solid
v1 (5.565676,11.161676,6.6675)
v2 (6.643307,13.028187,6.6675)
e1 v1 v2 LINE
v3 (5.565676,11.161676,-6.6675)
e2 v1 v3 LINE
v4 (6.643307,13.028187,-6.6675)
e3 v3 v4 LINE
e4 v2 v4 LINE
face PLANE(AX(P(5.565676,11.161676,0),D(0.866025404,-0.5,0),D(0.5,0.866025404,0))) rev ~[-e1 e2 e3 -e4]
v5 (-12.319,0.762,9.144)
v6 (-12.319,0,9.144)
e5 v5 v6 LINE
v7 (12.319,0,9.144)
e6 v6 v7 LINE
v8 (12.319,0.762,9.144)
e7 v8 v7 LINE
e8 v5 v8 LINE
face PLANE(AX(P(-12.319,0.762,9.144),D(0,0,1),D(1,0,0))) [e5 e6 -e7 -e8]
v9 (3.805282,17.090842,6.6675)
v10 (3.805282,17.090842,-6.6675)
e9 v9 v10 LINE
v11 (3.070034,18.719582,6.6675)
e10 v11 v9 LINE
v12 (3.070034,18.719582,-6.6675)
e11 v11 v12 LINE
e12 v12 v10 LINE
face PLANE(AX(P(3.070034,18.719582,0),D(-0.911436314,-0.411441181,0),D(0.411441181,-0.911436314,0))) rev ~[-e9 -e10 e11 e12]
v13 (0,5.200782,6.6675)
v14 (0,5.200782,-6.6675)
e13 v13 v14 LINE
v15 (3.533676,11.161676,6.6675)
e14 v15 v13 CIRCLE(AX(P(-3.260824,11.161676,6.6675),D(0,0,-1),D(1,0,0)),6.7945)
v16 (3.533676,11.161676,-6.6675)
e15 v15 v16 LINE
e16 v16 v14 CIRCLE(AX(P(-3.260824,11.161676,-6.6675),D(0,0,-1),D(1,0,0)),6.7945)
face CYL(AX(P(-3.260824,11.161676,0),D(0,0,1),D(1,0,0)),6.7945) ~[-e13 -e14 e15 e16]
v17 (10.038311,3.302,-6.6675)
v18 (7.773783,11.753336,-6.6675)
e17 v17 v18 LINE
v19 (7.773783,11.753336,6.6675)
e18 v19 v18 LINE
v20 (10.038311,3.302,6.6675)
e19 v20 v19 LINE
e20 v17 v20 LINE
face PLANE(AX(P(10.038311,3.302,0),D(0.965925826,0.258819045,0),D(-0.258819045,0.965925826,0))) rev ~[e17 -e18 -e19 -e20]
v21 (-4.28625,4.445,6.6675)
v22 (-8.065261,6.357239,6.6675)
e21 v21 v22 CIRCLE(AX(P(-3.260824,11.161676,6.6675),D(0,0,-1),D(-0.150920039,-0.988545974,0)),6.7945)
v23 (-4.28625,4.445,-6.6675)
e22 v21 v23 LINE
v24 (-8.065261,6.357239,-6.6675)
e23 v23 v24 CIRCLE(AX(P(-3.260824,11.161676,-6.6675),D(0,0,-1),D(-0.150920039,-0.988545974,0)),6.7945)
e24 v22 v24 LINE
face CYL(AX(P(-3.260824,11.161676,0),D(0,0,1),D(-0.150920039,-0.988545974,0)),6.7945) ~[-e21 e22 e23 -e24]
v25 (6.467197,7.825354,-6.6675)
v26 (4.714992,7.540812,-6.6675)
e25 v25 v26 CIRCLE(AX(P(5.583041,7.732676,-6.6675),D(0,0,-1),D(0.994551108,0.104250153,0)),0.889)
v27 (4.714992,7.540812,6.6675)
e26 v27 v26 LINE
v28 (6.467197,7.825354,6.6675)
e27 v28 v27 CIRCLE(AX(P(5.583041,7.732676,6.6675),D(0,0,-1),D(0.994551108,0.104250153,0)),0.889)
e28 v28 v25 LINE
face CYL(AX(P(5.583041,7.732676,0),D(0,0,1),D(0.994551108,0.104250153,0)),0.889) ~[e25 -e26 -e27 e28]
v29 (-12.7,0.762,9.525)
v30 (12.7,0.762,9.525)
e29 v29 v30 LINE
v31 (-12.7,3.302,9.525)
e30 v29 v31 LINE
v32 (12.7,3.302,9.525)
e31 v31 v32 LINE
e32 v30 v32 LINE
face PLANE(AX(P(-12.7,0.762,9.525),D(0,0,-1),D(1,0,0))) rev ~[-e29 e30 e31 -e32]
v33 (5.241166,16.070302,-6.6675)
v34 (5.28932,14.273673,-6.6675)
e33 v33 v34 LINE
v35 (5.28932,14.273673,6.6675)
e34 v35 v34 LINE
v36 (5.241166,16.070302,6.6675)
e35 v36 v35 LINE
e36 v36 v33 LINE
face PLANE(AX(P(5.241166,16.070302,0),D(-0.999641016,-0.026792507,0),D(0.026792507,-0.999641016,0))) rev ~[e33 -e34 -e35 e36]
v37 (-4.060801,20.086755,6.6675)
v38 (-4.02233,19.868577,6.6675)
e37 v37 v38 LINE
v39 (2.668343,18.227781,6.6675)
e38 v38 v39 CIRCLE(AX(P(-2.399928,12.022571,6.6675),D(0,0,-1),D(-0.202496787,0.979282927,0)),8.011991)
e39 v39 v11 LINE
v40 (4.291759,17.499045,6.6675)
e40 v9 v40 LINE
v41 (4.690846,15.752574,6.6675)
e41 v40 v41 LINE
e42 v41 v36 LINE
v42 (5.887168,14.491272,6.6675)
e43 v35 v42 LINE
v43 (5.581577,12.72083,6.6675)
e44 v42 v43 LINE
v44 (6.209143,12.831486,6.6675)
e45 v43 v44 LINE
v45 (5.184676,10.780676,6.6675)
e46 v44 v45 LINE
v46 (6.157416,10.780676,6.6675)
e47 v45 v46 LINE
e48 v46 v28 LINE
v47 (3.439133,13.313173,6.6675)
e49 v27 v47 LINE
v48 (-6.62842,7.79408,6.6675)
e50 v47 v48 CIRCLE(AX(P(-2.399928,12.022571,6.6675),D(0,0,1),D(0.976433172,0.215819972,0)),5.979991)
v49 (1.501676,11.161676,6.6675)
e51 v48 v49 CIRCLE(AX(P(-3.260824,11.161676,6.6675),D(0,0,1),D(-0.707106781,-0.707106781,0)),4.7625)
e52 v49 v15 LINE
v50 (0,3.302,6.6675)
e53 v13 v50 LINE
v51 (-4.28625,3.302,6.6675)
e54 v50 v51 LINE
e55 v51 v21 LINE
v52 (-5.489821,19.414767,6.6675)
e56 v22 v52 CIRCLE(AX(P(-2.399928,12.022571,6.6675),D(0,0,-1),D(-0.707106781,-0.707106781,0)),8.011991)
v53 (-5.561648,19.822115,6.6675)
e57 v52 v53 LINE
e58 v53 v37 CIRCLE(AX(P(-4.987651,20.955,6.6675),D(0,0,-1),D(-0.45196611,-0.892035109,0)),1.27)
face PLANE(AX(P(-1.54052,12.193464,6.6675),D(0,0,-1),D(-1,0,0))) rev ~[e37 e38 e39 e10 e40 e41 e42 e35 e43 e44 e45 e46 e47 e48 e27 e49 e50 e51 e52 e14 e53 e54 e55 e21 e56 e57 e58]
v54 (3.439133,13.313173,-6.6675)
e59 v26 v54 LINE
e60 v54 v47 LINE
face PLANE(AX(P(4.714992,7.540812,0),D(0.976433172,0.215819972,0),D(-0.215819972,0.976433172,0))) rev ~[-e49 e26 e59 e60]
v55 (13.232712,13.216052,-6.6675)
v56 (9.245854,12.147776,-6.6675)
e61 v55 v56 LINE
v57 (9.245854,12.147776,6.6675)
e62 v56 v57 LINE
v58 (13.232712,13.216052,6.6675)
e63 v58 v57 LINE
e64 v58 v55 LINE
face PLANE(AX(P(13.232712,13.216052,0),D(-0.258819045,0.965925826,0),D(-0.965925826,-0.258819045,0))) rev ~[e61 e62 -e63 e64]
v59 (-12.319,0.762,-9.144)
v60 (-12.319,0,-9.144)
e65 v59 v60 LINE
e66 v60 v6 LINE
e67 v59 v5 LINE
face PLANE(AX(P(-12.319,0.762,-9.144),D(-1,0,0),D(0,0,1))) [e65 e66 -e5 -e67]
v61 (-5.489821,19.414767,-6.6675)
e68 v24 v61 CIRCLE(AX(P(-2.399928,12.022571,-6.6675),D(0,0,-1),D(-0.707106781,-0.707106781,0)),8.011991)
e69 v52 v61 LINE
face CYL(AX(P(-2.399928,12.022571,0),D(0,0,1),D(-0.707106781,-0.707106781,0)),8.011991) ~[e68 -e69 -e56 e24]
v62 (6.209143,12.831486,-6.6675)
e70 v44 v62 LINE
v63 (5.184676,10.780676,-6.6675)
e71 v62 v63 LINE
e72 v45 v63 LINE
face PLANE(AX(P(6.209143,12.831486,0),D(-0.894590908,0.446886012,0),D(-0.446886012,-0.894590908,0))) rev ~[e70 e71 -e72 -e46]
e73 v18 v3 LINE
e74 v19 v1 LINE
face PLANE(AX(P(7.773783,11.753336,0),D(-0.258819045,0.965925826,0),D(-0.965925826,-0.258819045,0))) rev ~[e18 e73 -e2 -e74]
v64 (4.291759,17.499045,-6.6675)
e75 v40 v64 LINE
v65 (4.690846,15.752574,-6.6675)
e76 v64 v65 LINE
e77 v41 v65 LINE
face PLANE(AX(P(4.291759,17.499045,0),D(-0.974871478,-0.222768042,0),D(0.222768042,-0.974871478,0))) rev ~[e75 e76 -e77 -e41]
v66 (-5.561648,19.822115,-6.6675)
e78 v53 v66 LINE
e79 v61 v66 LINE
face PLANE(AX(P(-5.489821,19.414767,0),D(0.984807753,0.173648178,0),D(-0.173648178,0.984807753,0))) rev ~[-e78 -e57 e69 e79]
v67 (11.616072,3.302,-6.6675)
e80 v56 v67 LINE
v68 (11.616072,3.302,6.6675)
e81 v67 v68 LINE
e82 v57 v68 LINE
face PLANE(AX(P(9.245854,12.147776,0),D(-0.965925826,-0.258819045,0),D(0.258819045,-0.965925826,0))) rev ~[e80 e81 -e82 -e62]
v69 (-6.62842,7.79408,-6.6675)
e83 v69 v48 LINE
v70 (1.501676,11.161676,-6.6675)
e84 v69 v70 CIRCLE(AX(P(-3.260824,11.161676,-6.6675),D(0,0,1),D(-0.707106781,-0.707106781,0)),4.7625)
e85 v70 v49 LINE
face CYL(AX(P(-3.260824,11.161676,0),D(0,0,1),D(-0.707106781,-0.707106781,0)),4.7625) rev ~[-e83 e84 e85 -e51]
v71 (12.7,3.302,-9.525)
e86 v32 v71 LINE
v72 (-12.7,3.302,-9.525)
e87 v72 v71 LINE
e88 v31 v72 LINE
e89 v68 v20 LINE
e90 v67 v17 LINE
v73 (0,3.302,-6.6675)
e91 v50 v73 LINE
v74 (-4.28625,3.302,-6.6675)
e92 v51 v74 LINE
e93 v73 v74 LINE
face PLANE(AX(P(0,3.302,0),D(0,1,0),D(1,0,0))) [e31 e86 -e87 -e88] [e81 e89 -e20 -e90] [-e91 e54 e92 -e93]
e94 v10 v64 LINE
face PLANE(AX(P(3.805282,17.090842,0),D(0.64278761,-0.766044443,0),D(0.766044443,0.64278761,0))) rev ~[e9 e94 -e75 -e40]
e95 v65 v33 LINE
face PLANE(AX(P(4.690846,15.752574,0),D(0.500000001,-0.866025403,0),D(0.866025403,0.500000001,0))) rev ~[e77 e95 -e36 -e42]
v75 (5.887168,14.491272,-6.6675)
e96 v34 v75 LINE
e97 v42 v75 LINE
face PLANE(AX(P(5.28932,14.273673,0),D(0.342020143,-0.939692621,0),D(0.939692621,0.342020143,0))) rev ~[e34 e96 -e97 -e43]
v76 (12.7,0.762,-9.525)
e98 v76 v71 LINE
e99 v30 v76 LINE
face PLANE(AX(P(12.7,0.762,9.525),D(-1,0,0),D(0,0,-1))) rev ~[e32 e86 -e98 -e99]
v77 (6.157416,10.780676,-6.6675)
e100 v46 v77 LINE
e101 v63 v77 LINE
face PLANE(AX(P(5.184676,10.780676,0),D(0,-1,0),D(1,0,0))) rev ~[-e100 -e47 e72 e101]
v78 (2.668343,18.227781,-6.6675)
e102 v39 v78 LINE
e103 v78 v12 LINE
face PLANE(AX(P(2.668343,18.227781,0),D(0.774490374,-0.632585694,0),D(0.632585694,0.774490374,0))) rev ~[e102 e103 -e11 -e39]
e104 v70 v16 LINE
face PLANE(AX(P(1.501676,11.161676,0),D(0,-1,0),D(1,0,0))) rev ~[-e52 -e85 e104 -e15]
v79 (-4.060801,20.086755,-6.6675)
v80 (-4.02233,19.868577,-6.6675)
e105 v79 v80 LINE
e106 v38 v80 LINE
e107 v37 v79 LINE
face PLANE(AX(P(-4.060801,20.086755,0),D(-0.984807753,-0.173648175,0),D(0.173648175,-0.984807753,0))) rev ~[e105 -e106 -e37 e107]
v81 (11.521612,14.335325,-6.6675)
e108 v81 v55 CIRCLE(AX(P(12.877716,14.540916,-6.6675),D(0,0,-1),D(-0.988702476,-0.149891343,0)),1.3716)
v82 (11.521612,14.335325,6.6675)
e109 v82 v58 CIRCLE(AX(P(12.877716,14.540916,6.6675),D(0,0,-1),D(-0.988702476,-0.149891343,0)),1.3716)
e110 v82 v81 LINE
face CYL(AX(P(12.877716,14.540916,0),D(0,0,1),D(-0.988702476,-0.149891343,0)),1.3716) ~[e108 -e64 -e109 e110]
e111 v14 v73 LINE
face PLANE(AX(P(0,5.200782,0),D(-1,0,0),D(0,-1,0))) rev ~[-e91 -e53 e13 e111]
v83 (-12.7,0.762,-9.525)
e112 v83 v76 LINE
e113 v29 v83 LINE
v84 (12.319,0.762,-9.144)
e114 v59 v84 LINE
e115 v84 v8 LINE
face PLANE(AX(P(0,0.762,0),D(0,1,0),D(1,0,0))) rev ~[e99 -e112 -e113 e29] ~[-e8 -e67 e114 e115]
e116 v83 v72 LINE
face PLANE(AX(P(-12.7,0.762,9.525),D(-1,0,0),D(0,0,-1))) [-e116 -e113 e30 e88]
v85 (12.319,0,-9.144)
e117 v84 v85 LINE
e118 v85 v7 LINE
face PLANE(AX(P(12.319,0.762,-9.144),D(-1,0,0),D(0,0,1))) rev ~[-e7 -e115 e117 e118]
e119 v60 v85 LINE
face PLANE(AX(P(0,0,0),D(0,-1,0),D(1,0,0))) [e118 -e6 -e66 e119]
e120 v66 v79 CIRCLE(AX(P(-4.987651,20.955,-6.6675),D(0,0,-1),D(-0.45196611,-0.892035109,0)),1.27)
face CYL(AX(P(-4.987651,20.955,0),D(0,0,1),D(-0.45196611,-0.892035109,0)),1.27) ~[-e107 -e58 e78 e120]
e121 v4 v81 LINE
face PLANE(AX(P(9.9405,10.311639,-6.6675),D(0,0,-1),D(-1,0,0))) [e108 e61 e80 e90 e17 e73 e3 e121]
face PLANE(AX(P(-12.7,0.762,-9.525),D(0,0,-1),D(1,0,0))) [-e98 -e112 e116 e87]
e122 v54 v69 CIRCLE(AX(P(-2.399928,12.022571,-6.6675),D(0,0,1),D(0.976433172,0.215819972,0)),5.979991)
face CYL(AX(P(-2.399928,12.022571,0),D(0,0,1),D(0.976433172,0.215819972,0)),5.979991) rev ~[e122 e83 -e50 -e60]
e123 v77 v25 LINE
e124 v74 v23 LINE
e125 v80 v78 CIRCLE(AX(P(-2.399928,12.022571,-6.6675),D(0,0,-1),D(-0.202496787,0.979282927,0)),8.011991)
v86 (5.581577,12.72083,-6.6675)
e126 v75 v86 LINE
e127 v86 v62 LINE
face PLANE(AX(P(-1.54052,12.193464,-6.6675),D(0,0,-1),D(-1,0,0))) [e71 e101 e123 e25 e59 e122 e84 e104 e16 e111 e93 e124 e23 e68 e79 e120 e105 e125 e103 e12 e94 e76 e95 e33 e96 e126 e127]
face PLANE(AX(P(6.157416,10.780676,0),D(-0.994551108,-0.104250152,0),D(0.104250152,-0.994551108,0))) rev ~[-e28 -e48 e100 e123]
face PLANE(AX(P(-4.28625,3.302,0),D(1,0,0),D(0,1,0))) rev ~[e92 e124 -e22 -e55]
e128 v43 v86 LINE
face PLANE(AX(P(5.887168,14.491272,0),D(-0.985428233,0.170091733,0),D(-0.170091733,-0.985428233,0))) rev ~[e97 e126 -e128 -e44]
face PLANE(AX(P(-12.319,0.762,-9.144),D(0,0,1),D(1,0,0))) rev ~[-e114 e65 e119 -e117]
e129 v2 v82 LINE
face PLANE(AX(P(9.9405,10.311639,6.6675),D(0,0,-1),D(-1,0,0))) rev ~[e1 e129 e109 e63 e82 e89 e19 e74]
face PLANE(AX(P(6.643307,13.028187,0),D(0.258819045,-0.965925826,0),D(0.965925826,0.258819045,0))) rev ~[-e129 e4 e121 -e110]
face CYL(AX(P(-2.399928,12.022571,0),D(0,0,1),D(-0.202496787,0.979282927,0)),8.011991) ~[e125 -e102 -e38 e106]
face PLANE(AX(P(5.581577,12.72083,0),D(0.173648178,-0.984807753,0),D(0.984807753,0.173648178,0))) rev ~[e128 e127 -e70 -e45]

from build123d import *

# Parameters (mm, degrees)
BOSS_EXTRUDE1_START = 0.762
SKETCH1_W           = 25.4
SKETCH1_H           = 19.05
BOSS_EXTRUDE1_DEPTH = 2.54
SKETCH2_W           = 24.638
SKETCH2_H           = 18.288
BOSS_EXTRUDE2_DEPTH = 0.762
BOSS_EXTRUDE3_DEPTH = 6.6675
BOSS_EXTRUDE4_DEPTH = 6.6675


with BuildPart() as part:
    # Sketch1 → Boss-Extrude1 (new body)
    with BuildSketch(Plane(origin=(0, 0, 0), x_dir=(1, 0, 0), z_dir=(0, 1, 0)).offset(BOSS_EXTRUDE1_START)):
        Rectangle(SKETCH1_W, SKETCH1_H)
    extrude(amount=BOSS_EXTRUDE1_DEPTH)

    # Sketch2 → Boss-Extrude2 (add)
    with BuildSketch(Plane.XZ.offset(-0.762)):
        Rectangle(SKETCH2_W, SKETCH2_H)
    extrude(amount=BOSS_EXTRUDE2_DEPTH)

    # Sketch4 → Boss-Extrude3 (add, symmetric)
    with BuildSketch(Plane.XY):
        with BuildLine():
            Line((1.501676205, 11.161675617), (3.533676205, 11.161675617))
            ThreePointArc((3.533676205, 11.161675617), (2.583870274, 7.696883923), (0, 5.200781521))
            Line((0, 5.200781521), (0, 3.302))
            Line((0, 3.302), (-4.28625, 3.302))
            Line((-4.28625, 3.302), (-4.28625, 4.445))
            ThreePointArc((-4.28625, 4.445), (-6.328557556, 5.099148106), (-8.06526082, 6.357238593))
            ThreePointArc((-8.06526082, 6.357238593), (-10.260478652, 13.572969866), (-5.489821493, 19.414766629))
            Line((-5.489821493, 19.414766629), (-5.561648074, 19.822115412))
            ThreePointArc((-5.561648074, 19.822115412), (-5.2081843, 22.205705846), (-4.060801058, 20.086755234))
            Line((-4.060801058, 20.086755234), (-4.022330337, 19.86857693))
            ThreePointArc((-4.022330337, 19.86857693), (-0.491642159, 19.803987548), (2.668342576, 18.227780941))
            Line((2.668342576, 18.227780941), (3.070034491, 18.719582328))
            Line((3.070034491, 18.719582328), (3.805281528, 17.090841988))
            Line((3.805281528, 17.090841988), (4.291759283, 17.499045293))
            Line((4.291759283, 17.499045293), (4.690845695, 15.752574138))
            Line((4.690845695, 15.752574138), (5.241166338, 16.07030191))
            Line((5.241166338, 16.07030191), (5.289319806, 14.273673387))
            Line((5.289319806, 14.273673387), (5.887168028, 14.491272344))
            Line((5.887168028, 14.491272344), (5.581577343, 12.720829512))
            Line((5.581577343, 12.720829512), (6.209142893, 12.831486251))
            Line((6.209142893, 12.831486251), (5.184676205, 10.780675617))
            Line((5.184676205, 10.780675617), (6.157416197, 10.780675617))
            Line((6.157416197, 10.780675617), (6.467196887, 7.825354003))
            ThreePointArc((6.467196887, 7.825354003), (5.725539877, 6.855170599), (4.714991862, 7.540811663))
            Line((4.714991862, 7.540811663), (3.439133103, 13.313172794))
            ThreePointArc((3.439133103, 13.313172794), (-5.274572471, 17.26630154), (-6.628419841, 7.794079572))
            ThreePointArc((-6.628419841, 7.794079572), (-1.438293949, 6.761699344), (1.501676205, 11.161675617))
        make_face()
    extrude(amount=BOSS_EXTRUDE3_DEPTH, both=True)

    # Sketch3 → Boss-Extrude4 (add, symmetric)
    with BuildSketch(Plane.XY):
        with BuildLine():
            Line((10.038311288, 3.302), (7.773782644, 11.753335954))
            Line((7.773782644, 11.753335954), (5.565676205, 11.161675617))
            Line((5.565676205, 11.161675617), (6.643306939, 13.028186801))
            Line((6.643306939, 13.028186801), (11.521611933, 14.335324685))
            ThreePointArc((11.521611933, 14.335324685), (13.628547334, 15.688756773), (13.232712451, 13.216051788))
            Line((13.232712451, 13.216051788), (9.245853603, 12.147776179))
            Line((9.245853603, 12.147776179), (11.616072187, 3.302))
            Line((11.616072187, 3.302), (10.038311288, 3.302))
        make_face()
    extrude(amount=BOSS_EXTRUDE4_DEPTH, both=True)


solid = part.part
